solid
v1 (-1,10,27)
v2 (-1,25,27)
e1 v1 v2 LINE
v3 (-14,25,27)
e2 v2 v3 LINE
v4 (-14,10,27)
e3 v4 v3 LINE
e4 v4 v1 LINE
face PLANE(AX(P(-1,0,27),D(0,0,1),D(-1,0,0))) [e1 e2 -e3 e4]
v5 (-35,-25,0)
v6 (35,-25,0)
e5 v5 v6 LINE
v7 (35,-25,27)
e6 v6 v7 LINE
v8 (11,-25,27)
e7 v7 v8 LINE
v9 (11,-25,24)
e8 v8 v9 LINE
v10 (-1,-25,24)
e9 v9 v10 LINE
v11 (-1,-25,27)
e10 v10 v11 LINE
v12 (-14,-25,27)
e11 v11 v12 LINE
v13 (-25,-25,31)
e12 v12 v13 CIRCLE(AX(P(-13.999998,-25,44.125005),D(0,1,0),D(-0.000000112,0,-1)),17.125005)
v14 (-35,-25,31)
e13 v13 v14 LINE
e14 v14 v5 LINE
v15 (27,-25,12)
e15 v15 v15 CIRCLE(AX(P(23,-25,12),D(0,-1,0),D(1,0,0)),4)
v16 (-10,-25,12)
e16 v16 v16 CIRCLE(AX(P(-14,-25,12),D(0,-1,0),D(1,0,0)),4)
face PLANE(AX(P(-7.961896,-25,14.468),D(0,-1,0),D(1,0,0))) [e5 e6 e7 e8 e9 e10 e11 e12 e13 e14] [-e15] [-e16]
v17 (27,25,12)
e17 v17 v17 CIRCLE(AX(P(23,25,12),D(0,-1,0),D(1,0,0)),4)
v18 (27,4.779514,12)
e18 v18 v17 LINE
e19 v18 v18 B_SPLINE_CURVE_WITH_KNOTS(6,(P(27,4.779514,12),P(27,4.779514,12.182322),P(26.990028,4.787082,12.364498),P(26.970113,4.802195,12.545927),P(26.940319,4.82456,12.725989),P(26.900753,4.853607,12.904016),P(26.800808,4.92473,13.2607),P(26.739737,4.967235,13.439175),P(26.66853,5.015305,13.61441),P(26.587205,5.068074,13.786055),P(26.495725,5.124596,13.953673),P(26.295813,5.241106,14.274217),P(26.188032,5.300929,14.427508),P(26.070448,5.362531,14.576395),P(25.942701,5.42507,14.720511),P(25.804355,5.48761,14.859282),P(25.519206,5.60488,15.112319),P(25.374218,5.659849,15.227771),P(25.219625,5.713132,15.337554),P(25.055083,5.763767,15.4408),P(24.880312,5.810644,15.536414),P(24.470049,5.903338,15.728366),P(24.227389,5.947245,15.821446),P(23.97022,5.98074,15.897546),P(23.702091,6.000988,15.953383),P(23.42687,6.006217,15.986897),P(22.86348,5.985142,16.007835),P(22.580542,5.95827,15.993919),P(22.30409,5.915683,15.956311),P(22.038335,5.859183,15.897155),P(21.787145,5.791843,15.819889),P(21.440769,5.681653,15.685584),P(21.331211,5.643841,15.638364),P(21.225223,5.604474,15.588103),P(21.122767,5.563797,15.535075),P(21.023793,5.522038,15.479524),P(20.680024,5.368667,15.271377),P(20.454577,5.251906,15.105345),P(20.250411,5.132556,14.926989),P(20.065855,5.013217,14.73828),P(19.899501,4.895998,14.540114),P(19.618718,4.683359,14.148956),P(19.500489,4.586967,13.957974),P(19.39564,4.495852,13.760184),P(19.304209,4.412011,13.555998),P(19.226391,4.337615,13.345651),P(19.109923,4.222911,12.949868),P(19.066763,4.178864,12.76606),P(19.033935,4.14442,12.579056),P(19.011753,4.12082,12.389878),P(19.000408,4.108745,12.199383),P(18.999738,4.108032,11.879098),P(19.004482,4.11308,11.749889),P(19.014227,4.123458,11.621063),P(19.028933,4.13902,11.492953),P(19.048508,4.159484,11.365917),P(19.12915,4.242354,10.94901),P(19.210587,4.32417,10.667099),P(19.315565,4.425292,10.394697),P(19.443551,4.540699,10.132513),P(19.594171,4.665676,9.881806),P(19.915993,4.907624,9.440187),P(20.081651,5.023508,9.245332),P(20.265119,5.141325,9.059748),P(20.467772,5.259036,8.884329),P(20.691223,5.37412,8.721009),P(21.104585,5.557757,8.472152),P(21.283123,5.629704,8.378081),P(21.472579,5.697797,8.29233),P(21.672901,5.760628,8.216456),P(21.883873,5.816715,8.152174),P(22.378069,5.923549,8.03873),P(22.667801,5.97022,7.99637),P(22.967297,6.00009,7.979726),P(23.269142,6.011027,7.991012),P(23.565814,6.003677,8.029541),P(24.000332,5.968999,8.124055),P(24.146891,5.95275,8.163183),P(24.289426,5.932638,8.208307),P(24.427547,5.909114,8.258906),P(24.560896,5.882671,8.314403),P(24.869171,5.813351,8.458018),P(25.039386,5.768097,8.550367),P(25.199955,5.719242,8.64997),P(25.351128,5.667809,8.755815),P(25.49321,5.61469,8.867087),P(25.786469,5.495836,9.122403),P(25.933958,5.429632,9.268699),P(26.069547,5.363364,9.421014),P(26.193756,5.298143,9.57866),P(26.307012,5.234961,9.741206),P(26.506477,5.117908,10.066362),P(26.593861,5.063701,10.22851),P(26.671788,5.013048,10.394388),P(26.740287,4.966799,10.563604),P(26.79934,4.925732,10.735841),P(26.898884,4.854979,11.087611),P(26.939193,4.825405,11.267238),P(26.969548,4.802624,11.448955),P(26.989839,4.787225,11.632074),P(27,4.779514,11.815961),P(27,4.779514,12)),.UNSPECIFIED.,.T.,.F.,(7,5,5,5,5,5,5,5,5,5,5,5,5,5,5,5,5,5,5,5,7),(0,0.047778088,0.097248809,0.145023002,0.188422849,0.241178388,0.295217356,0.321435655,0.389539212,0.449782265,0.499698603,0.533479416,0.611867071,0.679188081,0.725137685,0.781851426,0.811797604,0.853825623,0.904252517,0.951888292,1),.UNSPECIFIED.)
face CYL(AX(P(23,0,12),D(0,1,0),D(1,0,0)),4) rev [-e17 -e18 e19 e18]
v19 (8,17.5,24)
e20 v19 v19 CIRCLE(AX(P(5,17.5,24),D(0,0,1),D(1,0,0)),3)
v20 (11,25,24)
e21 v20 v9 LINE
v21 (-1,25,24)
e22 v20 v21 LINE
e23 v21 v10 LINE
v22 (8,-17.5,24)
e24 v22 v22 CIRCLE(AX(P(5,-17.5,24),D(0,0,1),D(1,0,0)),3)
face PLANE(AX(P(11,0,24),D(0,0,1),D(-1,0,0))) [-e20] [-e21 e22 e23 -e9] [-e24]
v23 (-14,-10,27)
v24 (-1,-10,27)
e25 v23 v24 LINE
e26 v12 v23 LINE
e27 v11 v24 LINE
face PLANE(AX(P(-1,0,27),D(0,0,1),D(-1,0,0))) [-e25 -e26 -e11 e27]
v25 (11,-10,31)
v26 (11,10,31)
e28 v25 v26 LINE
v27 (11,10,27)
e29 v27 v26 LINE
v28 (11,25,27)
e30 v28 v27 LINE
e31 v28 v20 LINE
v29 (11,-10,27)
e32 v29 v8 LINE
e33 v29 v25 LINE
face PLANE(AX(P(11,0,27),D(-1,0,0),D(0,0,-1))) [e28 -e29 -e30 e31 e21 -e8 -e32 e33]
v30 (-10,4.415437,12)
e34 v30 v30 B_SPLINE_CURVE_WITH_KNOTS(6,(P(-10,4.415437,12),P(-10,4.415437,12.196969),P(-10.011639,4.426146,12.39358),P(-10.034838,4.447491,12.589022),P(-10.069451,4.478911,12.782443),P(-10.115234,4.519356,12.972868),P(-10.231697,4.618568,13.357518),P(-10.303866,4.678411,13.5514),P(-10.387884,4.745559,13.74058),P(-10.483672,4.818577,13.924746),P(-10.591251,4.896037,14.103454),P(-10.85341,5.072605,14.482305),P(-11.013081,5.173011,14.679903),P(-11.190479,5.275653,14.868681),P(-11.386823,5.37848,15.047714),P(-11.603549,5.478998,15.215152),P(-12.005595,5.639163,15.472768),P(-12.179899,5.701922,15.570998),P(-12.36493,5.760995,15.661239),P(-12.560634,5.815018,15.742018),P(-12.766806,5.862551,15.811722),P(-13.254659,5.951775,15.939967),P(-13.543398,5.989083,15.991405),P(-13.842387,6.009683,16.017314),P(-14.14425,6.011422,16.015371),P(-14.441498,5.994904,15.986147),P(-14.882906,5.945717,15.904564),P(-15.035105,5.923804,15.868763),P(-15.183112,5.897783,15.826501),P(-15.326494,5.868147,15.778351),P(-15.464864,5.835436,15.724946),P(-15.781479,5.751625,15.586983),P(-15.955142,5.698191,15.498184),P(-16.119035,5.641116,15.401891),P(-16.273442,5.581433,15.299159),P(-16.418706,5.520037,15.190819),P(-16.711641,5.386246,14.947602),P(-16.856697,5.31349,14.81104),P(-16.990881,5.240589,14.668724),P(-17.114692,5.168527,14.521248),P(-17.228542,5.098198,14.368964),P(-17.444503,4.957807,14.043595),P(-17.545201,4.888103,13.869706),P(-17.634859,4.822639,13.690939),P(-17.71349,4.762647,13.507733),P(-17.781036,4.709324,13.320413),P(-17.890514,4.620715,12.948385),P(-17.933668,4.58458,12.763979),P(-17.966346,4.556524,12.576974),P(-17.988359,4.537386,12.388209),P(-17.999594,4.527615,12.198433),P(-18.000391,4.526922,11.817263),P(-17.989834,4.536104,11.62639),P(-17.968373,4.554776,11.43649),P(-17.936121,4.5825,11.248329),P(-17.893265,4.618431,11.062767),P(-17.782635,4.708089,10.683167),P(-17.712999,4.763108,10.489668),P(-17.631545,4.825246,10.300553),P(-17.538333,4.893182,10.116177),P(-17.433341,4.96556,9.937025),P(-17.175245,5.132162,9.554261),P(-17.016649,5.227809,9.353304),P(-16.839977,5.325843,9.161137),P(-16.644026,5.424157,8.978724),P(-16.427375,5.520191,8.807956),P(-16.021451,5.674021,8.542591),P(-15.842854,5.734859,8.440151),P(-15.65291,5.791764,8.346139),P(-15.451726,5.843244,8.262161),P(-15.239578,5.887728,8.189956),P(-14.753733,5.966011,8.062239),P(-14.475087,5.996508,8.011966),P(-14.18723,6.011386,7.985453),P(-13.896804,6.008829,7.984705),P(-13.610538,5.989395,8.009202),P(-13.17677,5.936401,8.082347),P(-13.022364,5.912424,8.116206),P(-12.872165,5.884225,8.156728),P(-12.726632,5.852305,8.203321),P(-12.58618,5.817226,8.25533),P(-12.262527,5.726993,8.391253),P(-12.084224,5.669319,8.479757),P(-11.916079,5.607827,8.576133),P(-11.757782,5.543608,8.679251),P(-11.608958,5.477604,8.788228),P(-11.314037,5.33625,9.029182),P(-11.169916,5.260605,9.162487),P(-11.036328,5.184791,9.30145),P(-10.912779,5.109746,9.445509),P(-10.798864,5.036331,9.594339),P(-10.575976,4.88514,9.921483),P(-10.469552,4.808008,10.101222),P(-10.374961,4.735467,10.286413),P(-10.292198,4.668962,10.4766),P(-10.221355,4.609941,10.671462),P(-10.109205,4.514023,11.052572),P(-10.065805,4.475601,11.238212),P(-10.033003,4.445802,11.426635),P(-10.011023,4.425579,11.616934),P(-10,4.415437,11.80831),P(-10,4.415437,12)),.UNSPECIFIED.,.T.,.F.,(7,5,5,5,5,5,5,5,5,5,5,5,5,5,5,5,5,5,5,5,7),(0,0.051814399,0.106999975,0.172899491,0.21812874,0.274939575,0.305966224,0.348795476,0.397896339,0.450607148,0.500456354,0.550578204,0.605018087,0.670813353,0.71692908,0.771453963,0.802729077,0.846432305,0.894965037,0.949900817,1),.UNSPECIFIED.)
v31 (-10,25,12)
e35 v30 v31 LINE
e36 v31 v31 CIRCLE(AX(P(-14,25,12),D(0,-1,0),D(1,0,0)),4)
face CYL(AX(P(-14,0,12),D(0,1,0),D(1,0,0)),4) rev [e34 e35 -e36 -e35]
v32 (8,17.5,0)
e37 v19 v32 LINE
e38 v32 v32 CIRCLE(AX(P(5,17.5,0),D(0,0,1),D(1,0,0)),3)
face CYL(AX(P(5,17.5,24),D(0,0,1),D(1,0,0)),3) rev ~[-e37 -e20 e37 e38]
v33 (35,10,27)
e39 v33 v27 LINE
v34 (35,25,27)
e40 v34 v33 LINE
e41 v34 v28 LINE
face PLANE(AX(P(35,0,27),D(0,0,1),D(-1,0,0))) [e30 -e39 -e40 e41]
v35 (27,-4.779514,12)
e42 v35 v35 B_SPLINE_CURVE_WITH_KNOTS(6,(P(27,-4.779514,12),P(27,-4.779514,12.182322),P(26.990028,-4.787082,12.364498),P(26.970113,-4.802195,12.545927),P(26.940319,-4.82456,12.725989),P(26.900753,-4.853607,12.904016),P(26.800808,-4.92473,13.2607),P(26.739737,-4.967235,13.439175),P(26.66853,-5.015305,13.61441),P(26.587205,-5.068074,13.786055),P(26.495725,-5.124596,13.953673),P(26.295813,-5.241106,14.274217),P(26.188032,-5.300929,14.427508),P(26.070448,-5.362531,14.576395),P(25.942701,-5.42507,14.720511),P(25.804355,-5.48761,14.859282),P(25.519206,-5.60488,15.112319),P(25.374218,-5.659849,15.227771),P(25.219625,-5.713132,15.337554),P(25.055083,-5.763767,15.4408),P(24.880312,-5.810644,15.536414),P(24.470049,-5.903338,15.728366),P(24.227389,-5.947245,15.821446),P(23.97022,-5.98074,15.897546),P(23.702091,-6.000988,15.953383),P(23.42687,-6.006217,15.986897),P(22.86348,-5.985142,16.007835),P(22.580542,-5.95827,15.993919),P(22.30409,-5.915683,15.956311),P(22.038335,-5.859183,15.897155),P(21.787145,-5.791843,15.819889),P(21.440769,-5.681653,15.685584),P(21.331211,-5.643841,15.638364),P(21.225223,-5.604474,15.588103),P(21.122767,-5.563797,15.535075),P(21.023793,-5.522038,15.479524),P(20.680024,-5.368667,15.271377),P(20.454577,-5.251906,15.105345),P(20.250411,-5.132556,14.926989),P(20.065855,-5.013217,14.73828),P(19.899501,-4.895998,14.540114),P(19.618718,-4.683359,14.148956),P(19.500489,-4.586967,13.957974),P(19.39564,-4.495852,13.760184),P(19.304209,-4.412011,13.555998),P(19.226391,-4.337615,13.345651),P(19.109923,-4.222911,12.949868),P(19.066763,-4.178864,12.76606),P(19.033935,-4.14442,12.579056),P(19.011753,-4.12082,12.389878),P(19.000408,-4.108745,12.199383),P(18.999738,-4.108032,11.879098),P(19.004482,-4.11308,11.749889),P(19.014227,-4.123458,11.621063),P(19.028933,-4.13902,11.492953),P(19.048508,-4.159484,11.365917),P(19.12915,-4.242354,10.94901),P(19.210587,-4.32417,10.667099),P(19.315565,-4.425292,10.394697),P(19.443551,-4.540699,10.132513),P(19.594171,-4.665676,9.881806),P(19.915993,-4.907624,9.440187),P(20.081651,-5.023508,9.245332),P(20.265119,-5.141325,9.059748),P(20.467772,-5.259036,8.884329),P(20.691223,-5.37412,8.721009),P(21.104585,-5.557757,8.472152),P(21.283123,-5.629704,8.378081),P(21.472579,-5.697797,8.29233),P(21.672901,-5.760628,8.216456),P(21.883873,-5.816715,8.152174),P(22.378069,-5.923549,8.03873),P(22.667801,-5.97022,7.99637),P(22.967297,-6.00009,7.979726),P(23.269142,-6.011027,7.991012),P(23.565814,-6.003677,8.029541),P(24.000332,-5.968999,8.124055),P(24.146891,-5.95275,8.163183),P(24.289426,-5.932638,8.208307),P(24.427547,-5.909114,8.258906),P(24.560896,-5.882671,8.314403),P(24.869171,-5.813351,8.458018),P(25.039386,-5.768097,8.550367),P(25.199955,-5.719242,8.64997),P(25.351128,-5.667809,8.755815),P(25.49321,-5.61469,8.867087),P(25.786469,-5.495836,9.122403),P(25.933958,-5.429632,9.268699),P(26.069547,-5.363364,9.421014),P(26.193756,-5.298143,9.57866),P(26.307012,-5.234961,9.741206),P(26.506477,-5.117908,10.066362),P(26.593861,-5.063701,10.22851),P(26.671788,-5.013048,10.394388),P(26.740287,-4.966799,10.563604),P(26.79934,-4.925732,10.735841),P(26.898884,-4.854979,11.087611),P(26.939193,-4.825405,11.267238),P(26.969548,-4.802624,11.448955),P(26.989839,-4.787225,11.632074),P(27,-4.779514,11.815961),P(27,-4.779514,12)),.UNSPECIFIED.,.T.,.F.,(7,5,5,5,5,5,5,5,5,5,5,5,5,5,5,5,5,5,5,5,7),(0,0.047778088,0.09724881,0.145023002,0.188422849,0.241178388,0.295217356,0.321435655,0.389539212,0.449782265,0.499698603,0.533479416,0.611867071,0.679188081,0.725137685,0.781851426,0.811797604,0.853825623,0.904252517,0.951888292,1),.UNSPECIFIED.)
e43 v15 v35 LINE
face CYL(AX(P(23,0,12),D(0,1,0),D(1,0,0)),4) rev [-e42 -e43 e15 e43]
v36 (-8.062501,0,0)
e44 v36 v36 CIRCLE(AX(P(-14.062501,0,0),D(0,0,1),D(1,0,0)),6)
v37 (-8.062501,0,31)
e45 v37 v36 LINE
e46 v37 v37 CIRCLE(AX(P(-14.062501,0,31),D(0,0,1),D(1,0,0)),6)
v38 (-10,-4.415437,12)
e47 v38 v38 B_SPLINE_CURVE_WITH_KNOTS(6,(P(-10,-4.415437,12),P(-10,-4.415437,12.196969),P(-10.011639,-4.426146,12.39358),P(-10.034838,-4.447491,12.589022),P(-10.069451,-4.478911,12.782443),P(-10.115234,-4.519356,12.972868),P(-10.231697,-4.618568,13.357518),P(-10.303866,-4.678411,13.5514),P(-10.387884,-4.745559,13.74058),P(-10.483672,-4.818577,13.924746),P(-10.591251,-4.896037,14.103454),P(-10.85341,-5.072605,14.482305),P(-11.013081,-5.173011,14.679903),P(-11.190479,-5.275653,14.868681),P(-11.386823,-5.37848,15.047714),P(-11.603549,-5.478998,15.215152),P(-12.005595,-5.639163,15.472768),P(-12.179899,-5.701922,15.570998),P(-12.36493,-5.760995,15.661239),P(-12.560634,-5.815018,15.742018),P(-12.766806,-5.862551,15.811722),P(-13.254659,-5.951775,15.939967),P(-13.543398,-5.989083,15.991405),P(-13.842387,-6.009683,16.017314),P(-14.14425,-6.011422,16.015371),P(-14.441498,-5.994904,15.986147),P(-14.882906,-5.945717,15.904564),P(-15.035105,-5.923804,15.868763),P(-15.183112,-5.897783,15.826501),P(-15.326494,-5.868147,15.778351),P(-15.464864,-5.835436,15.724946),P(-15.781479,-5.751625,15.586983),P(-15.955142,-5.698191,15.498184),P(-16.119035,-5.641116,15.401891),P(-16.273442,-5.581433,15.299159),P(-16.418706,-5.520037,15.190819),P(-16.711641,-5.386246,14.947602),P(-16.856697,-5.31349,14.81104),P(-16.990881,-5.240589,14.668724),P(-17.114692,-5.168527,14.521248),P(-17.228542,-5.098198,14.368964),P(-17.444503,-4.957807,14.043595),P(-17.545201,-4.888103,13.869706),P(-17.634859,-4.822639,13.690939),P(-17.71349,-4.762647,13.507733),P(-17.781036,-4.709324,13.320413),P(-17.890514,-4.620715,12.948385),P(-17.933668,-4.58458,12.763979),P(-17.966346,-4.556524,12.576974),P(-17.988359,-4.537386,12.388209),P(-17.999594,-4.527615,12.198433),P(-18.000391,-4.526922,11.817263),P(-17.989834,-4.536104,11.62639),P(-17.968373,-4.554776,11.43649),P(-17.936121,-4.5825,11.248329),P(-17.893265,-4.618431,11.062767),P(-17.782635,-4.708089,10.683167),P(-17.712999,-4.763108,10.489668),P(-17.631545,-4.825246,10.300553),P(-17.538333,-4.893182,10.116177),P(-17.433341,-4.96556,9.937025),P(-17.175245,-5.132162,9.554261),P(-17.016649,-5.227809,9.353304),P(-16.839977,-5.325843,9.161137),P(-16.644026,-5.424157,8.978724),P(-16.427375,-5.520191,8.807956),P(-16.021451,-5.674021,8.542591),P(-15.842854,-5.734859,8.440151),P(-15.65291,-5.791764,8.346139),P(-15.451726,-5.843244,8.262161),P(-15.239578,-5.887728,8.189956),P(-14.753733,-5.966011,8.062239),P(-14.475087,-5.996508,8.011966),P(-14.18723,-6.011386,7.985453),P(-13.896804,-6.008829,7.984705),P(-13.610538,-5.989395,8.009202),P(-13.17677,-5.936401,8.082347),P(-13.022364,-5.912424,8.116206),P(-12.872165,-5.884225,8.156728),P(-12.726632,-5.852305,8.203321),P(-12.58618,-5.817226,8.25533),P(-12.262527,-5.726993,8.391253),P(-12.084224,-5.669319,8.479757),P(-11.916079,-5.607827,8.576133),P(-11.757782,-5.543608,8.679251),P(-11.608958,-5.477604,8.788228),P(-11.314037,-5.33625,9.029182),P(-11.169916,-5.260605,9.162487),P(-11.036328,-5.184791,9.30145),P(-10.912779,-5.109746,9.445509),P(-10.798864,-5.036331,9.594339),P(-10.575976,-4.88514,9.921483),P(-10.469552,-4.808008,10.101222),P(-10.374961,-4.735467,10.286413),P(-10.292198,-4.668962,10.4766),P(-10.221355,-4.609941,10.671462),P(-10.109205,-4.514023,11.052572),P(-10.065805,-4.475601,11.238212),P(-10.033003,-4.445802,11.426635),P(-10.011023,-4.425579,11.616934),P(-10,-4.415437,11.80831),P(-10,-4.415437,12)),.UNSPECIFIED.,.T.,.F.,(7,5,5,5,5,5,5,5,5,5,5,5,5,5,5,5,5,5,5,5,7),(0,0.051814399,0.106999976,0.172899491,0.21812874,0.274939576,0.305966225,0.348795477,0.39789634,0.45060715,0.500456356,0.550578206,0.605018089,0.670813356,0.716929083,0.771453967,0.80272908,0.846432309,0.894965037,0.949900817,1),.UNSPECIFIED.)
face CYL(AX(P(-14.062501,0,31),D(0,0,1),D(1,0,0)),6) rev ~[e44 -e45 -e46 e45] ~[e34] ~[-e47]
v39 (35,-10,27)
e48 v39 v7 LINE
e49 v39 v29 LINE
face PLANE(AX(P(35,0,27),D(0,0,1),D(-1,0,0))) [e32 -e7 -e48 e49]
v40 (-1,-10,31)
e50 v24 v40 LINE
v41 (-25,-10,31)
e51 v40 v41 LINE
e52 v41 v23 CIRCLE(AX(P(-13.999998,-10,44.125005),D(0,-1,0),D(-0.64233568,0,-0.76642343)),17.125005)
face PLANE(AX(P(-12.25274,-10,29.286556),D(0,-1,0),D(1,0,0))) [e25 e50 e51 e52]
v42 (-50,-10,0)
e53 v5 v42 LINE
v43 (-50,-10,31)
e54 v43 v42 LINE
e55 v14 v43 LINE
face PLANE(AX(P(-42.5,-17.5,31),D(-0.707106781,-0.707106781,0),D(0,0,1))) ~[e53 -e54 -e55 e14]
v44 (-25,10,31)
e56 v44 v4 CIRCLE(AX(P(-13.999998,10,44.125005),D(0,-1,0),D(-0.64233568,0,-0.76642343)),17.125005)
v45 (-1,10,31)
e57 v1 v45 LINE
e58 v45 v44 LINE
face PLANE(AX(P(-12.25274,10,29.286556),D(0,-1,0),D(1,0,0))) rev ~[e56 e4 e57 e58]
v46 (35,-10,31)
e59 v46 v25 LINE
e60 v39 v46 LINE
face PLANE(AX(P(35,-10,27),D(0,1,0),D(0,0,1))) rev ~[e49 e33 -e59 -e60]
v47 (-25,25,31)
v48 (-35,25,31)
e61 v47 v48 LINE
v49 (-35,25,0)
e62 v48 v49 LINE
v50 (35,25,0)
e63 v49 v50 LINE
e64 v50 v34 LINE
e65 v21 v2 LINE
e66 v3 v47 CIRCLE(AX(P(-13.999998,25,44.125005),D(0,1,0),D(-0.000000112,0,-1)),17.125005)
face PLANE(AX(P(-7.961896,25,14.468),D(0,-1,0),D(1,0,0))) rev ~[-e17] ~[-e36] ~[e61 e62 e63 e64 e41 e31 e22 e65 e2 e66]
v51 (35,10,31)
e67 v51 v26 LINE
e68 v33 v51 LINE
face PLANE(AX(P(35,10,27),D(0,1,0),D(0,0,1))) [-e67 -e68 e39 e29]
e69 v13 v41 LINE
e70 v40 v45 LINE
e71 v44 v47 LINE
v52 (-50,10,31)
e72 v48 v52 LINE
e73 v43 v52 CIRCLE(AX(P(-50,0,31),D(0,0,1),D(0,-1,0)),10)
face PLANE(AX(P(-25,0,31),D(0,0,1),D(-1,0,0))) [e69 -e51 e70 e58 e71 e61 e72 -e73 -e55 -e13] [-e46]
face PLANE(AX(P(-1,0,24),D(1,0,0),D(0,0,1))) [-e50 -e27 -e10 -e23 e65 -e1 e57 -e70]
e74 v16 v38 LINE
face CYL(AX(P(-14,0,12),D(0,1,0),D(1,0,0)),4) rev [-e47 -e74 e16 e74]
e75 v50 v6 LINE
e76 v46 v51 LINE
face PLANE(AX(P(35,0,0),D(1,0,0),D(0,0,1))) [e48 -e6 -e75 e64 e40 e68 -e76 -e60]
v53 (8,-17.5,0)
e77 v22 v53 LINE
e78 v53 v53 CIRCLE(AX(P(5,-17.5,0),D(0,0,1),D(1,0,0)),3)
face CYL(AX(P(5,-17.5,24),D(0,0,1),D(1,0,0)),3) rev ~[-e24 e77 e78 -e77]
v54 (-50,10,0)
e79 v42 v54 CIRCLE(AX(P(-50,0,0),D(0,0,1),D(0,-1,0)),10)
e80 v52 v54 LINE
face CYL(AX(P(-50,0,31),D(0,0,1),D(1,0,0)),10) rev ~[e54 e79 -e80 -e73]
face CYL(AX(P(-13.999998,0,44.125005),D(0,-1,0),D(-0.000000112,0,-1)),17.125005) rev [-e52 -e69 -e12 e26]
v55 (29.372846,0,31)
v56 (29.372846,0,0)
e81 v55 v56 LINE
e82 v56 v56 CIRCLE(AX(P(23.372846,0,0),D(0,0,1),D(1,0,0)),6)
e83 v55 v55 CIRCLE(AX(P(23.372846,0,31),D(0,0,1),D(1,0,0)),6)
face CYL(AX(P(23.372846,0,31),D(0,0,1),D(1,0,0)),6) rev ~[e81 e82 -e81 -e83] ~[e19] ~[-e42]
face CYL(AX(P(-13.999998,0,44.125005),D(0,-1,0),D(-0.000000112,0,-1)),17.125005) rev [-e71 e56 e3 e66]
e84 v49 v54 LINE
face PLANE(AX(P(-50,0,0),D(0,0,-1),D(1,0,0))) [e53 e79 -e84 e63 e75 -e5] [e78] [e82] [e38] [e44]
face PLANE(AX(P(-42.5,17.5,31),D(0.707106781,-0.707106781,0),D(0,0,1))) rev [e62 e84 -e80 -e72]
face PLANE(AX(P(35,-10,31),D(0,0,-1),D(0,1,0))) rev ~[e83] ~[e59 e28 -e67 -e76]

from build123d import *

# Parameters (mm, degrees)
F0_R      = 4
F1_DEPTH  = 25
F2_DEPTH  = 10
F3_SIZE   = 15
F4_R      = 10
F5_DEPTH  = 31
F6_W      = 20
F6_H      = 4
F7_DEPTH  = 24
F8_R      = 6
F9_DEPTH  = 31
F10_R     = 3
F11_DEPTH = 27


with BuildPart() as f1:
    # F0 (on Front) → F1 (new body, symmetric)
    with BuildSketch(Plane.XZ):
        with BuildLine():
            Line((-50, 0), (35, 0))
            Line((35, 0), (35, 27))
            Line((35, 27), (11, 27))
            Line((11, 27), (11, 24))
            Line((11, 24), (-1, 24))
            Line((-1, 24), (-1, 27))
            Line((-1, 27), (-14, 27))
            ThreePointArc((-14, 27), (-19.85235, 28.031038), (-25, 31))
            Line((-25, 31), (-50, 31))
            Line((-50, 31), (-50, 0))
        make_face()
        with Locations((-14, 12)):
            Circle(F0_R, mode=Mode.SUBTRACT)
        with Locations((23, 12)):
            Circle(F0_R, mode=Mode.SUBTRACT)
    extrude(amount=F1_DEPTH, both=True)

    # F0 (on Front) → F2 (join, symmetric)
    with BuildSketch(Plane.XZ):
        with BuildLine():
            Line((-1, 31), (-25, 31))
            ThreePointArc((-25, 31), (-19.85235, 28.031038), (-14, 27))
            Line((-14, 27), (-1, 27))
            Line((-1, 27), (-1, 31))
        make_face()
    extrude(amount=F2_DEPTH, both=True)

    # F3
    f3_edges = [f1.edges().sort_by_distance(p)[0] for p in [
        (-50, -25, 15.5),
        (-50, 25, 15.5),
    ]]
    chamfer(f3_edges, length=F3_SIZE)

    # F4 (on face) → F5 (cut)
    with BuildSketch(Plane.XY.offset(31)):
        with Locations((-50, 0)):
            Circle(F4_R)
    extrude(amount=-F5_DEPTH, mode=Mode.SUBTRACT)

    # F6 (on face) → F7 (join)
    with BuildSketch(Plane.YZ.offset(35)):
        with Locations((0, 29)):
            Rectangle(F6_W, F6_H)
    extrude(amount=-F7_DEPTH)

    # F8 (on face) → F9 (cut)
    with BuildSketch(Plane.XY.offset(31)):
        with Locations((-14.062501, 0)):
            Circle(F8_R)
        with Locations((23.372846, 0)):
            Circle(F8_R)
    extrude(amount=-F9_DEPTH, mode=Mode.SUBTRACT)

    # F10 (on face) → F11 (cut)
    with BuildSketch(Plane.XY.offset(24)):
        with Locations((5, 17.5)):
            Circle(F10_R)
        with Locations((5, -17.5)):
            Circle(F10_R)
    extrude(amount=-F11_DEPTH, mode=Mode.SUBTRACT)


solid = f1.part
